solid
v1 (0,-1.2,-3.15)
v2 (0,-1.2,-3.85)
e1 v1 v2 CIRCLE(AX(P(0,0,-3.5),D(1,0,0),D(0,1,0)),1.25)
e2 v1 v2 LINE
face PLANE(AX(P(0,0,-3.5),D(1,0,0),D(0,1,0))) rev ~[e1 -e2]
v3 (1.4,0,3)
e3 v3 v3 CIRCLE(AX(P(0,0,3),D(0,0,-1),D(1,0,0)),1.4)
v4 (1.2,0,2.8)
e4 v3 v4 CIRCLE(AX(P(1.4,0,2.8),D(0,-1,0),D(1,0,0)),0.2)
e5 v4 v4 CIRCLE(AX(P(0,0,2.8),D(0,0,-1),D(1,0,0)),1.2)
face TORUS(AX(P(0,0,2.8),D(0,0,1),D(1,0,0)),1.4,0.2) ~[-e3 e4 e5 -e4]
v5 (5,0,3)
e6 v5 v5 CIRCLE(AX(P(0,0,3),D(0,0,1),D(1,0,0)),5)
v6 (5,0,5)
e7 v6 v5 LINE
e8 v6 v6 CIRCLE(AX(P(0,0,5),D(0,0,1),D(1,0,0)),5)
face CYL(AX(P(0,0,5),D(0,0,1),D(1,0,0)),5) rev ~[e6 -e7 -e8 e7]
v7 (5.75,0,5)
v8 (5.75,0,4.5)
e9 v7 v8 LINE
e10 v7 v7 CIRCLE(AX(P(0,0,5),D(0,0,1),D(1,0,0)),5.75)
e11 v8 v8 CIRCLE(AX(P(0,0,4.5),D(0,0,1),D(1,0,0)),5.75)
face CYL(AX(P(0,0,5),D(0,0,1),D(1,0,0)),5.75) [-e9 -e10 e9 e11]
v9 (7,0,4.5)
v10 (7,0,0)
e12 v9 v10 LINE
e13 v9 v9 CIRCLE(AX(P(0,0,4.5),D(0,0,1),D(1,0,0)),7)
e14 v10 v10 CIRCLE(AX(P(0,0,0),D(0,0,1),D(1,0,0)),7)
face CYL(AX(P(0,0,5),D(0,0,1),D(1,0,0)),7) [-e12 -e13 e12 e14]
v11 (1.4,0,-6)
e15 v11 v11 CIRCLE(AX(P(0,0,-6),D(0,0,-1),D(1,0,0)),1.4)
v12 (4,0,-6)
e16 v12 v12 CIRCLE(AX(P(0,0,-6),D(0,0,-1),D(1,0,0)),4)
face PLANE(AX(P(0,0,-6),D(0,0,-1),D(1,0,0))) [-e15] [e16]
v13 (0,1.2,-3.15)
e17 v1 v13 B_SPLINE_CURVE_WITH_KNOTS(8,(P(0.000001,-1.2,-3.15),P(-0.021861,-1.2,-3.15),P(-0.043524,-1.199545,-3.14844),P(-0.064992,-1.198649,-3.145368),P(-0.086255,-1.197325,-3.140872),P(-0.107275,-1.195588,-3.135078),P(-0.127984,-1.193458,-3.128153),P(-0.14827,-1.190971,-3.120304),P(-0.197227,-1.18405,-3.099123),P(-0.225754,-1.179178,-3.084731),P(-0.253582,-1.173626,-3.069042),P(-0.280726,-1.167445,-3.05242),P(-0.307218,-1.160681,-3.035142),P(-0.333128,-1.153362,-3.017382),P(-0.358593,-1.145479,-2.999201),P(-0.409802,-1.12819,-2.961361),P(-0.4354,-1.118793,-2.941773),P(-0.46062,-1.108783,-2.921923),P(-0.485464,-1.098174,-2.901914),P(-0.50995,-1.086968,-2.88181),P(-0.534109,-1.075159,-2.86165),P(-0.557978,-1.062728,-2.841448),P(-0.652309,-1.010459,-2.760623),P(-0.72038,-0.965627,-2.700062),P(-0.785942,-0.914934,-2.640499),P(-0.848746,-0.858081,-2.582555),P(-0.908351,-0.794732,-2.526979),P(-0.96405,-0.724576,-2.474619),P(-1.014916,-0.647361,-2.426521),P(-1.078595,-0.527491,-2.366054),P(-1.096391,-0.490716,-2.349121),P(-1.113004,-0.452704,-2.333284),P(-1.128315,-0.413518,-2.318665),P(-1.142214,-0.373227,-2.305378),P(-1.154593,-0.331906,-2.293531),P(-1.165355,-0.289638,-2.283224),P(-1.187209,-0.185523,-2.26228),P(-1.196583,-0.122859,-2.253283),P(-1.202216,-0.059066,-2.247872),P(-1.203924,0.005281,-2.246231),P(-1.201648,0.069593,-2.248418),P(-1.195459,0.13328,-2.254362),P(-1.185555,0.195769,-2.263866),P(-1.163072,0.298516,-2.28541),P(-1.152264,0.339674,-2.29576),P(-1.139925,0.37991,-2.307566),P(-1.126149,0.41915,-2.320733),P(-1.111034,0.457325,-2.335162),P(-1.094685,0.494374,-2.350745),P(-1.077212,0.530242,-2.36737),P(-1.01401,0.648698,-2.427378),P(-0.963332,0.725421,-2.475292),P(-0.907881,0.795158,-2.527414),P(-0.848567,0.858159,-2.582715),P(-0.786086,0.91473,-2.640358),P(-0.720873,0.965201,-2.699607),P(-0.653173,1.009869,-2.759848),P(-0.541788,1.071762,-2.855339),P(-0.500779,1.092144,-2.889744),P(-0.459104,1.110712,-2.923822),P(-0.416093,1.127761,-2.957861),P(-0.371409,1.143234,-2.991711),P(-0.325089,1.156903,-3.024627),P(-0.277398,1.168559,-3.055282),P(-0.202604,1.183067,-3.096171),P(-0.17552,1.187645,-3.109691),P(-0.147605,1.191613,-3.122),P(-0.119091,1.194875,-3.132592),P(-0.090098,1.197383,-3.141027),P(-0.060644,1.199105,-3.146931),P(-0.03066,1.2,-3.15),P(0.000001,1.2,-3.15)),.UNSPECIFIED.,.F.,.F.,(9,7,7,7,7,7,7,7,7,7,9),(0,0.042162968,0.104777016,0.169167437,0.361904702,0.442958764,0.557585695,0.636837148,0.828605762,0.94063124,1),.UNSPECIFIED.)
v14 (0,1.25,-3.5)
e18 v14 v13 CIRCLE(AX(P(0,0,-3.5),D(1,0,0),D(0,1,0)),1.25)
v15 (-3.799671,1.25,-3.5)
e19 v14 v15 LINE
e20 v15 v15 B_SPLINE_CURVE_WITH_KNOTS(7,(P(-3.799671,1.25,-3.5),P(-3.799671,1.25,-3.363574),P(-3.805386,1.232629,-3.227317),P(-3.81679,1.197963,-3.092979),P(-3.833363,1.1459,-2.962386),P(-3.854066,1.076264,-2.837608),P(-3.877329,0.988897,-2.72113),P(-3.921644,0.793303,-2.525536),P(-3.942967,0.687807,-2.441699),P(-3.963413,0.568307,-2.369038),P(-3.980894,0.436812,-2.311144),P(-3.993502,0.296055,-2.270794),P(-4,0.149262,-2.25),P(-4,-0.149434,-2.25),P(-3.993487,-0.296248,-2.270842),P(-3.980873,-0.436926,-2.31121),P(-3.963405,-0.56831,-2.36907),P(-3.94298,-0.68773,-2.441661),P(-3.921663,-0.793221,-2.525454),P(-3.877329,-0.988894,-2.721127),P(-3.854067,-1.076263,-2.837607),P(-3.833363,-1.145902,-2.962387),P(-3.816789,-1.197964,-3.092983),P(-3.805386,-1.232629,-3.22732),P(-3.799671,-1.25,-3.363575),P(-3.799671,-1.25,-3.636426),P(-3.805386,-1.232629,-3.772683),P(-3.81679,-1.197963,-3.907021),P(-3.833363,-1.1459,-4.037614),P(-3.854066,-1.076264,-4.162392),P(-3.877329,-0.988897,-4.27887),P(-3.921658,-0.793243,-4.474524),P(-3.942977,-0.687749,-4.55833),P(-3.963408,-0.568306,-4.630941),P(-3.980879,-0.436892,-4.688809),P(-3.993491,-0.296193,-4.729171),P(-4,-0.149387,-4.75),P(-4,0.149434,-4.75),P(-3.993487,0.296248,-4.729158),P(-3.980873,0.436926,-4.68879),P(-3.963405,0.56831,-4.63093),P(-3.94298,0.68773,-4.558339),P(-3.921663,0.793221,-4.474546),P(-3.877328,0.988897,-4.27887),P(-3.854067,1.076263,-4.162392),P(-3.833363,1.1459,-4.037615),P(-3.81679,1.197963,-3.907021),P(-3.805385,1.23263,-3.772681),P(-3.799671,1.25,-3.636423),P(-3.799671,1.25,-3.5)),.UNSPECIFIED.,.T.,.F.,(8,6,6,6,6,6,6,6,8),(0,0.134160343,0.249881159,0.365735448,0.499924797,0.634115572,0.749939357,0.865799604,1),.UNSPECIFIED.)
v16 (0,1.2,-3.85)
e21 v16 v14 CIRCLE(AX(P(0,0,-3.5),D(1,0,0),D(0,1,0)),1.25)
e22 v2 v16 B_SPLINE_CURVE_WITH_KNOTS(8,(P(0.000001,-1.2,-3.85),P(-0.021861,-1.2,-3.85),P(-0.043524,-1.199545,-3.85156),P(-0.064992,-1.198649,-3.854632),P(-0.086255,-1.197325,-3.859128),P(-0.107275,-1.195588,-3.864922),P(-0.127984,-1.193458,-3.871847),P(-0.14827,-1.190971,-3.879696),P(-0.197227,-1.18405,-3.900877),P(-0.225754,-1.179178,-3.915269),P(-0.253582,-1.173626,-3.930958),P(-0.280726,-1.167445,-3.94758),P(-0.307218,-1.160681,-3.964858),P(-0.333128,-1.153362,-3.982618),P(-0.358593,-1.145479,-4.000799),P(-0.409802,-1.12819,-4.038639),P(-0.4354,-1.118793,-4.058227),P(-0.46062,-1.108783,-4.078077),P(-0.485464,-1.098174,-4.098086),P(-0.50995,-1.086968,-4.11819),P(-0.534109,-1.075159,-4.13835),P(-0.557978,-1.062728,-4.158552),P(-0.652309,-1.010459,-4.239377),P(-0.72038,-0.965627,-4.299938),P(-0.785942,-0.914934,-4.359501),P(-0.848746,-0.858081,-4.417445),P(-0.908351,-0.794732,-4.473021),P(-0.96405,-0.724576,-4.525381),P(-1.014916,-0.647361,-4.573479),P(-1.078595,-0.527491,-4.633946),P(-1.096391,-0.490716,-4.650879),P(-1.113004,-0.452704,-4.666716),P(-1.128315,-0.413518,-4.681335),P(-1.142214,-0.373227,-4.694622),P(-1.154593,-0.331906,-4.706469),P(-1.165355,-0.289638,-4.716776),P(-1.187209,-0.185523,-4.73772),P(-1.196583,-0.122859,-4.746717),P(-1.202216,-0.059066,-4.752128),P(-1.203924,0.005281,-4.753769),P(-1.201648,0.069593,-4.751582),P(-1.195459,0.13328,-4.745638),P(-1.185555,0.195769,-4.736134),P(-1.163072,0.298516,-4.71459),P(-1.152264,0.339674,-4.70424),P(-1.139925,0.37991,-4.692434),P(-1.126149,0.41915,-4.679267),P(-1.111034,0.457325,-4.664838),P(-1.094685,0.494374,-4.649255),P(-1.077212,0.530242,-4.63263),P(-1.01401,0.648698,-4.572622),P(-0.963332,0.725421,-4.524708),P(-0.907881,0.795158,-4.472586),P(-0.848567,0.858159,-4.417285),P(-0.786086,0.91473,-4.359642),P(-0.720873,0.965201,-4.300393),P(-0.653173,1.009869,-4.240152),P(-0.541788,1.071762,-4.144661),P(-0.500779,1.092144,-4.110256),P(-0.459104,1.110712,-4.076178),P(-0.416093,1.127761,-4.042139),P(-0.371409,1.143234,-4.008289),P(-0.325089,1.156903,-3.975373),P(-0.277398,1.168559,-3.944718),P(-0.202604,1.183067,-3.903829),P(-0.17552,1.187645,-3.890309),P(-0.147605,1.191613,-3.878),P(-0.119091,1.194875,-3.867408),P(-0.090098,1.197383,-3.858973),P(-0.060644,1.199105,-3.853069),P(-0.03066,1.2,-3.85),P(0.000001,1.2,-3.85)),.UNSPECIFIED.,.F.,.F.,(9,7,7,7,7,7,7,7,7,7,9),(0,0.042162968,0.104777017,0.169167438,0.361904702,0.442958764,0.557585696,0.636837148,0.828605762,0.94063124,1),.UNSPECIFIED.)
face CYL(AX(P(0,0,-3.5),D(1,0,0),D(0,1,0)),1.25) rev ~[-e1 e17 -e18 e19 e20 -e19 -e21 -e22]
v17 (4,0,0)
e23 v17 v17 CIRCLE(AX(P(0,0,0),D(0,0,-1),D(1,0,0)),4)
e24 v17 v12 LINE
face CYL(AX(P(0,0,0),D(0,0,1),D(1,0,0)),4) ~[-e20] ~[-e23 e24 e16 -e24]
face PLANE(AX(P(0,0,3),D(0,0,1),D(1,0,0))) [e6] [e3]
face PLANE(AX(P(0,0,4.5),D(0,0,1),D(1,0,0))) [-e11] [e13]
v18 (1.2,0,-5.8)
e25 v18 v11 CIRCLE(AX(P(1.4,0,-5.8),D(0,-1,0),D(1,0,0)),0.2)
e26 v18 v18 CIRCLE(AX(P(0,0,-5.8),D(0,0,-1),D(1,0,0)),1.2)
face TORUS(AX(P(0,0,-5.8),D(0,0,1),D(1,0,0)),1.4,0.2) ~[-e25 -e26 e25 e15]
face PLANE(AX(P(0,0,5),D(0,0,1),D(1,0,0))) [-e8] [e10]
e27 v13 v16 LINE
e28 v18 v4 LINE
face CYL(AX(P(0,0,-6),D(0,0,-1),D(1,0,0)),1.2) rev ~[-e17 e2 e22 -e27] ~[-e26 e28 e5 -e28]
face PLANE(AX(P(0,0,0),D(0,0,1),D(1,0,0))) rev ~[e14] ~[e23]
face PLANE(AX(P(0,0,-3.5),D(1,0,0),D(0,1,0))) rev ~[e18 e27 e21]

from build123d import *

# Parameters (mm, degrees)
F0_R      = 8
F1_DEPTH  = 5
F2_R      = 4
F3_DEPTH  = 6
F4_R      = 1.2
F5_DEPTH  = 9
F6_R      = 5
F7_DEPTH  = 2
F8_R      = 7.5
F8_R_2    = 6.75
F9_DEPTH  = 0.5
F10_SIZE  = 0.2
F11_R     = 0.2
F13_R     = 1.25
F14_DEPTH = 4.5
F15_R     = 8
F15_R_2   = 7
F16_DEPTH = 10
F17_R     = 7
F17_R_2   = 5.75
F18_DEPTH = 0.5


with BuildPart() as f1:
    # F0 (on Top) → F1 (new body)
    with BuildSketch(Plane.XY):
        Circle(F0_R)
    extrude(amount=F1_DEPTH)

    # F2 (on face) → F3 (join)
    with BuildSketch(Plane(origin=(0, 0, 0), x_dir=(1, 0, 0), z_dir=(0, 0, -1))):
        Circle(F2_R)
    extrude(amount=F3_DEPTH)

    # F4 (on face) → F5 (cut)
    with BuildSketch(Plane(origin=(0, 0, -6), x_dir=(1, 0, 0), z_dir=(0, 0, -1))):
        Circle(F4_R)
    extrude(amount=-F5_DEPTH, mode=Mode.SUBTRACT)

    # F6 (on face) → F7 (cut)
    with BuildSketch(Plane.XY.offset(5)):
        Circle(F6_R)
    extrude(amount=-F7_DEPTH, mode=Mode.SUBTRACT)

    # F8 (on face) → F9 (cut)
    with BuildSketch(Plane.XY.offset(5)):
        Circle(F8_R)
        Circle(F8_R_2, mode=Mode.SUBTRACT)
    extrude(amount=-F9_DEPTH, mode=Mode.SUBTRACT)

    # F10
    f10_edges = [f1.edges().sort_by_distance(p)[0] for p in [
        (-6.75, 0, 5),
    ]]
    chamfer(f10_edges, length=F10_SIZE)

    # F11
    f11_edges = [f1.edges().sort_by_distance(p)[0] for p in [
        (-6.75, 0, 4.8),
        (-1.2, 0, 3),
        (-1.2, 0, -6),
    ]]
    fillet(f11_edges, radius=F11_R)

    # F13 (on Right) → F14 (cut)
    with BuildSketch(Plane.YZ):
        with Locations((0, -3.5)):
            Circle(F13_R)
    extrude(amount=-F14_DEPTH, mode=Mode.SUBTRACT)

    # F15 (on face) → F16 (cut)
    with BuildSketch(Plane.XY.offset(5)):
        Circle(F15_R)
        Circle(F15_R_2, mode=Mode.SUBTRACT)
    extrude(amount=-F16_DEPTH, mode=Mode.SUBTRACT)

    # F17 (on face) → F18 (cut)
    with BuildSketch(Plane.XY.offset(5)):
        Circle(F17_R)
        Circle(F17_R_2, mode=Mode.SUBTRACT)
    extrude(amount=-F18_DEPTH, mode=Mode.SUBTRACT)


solid = f1.part
